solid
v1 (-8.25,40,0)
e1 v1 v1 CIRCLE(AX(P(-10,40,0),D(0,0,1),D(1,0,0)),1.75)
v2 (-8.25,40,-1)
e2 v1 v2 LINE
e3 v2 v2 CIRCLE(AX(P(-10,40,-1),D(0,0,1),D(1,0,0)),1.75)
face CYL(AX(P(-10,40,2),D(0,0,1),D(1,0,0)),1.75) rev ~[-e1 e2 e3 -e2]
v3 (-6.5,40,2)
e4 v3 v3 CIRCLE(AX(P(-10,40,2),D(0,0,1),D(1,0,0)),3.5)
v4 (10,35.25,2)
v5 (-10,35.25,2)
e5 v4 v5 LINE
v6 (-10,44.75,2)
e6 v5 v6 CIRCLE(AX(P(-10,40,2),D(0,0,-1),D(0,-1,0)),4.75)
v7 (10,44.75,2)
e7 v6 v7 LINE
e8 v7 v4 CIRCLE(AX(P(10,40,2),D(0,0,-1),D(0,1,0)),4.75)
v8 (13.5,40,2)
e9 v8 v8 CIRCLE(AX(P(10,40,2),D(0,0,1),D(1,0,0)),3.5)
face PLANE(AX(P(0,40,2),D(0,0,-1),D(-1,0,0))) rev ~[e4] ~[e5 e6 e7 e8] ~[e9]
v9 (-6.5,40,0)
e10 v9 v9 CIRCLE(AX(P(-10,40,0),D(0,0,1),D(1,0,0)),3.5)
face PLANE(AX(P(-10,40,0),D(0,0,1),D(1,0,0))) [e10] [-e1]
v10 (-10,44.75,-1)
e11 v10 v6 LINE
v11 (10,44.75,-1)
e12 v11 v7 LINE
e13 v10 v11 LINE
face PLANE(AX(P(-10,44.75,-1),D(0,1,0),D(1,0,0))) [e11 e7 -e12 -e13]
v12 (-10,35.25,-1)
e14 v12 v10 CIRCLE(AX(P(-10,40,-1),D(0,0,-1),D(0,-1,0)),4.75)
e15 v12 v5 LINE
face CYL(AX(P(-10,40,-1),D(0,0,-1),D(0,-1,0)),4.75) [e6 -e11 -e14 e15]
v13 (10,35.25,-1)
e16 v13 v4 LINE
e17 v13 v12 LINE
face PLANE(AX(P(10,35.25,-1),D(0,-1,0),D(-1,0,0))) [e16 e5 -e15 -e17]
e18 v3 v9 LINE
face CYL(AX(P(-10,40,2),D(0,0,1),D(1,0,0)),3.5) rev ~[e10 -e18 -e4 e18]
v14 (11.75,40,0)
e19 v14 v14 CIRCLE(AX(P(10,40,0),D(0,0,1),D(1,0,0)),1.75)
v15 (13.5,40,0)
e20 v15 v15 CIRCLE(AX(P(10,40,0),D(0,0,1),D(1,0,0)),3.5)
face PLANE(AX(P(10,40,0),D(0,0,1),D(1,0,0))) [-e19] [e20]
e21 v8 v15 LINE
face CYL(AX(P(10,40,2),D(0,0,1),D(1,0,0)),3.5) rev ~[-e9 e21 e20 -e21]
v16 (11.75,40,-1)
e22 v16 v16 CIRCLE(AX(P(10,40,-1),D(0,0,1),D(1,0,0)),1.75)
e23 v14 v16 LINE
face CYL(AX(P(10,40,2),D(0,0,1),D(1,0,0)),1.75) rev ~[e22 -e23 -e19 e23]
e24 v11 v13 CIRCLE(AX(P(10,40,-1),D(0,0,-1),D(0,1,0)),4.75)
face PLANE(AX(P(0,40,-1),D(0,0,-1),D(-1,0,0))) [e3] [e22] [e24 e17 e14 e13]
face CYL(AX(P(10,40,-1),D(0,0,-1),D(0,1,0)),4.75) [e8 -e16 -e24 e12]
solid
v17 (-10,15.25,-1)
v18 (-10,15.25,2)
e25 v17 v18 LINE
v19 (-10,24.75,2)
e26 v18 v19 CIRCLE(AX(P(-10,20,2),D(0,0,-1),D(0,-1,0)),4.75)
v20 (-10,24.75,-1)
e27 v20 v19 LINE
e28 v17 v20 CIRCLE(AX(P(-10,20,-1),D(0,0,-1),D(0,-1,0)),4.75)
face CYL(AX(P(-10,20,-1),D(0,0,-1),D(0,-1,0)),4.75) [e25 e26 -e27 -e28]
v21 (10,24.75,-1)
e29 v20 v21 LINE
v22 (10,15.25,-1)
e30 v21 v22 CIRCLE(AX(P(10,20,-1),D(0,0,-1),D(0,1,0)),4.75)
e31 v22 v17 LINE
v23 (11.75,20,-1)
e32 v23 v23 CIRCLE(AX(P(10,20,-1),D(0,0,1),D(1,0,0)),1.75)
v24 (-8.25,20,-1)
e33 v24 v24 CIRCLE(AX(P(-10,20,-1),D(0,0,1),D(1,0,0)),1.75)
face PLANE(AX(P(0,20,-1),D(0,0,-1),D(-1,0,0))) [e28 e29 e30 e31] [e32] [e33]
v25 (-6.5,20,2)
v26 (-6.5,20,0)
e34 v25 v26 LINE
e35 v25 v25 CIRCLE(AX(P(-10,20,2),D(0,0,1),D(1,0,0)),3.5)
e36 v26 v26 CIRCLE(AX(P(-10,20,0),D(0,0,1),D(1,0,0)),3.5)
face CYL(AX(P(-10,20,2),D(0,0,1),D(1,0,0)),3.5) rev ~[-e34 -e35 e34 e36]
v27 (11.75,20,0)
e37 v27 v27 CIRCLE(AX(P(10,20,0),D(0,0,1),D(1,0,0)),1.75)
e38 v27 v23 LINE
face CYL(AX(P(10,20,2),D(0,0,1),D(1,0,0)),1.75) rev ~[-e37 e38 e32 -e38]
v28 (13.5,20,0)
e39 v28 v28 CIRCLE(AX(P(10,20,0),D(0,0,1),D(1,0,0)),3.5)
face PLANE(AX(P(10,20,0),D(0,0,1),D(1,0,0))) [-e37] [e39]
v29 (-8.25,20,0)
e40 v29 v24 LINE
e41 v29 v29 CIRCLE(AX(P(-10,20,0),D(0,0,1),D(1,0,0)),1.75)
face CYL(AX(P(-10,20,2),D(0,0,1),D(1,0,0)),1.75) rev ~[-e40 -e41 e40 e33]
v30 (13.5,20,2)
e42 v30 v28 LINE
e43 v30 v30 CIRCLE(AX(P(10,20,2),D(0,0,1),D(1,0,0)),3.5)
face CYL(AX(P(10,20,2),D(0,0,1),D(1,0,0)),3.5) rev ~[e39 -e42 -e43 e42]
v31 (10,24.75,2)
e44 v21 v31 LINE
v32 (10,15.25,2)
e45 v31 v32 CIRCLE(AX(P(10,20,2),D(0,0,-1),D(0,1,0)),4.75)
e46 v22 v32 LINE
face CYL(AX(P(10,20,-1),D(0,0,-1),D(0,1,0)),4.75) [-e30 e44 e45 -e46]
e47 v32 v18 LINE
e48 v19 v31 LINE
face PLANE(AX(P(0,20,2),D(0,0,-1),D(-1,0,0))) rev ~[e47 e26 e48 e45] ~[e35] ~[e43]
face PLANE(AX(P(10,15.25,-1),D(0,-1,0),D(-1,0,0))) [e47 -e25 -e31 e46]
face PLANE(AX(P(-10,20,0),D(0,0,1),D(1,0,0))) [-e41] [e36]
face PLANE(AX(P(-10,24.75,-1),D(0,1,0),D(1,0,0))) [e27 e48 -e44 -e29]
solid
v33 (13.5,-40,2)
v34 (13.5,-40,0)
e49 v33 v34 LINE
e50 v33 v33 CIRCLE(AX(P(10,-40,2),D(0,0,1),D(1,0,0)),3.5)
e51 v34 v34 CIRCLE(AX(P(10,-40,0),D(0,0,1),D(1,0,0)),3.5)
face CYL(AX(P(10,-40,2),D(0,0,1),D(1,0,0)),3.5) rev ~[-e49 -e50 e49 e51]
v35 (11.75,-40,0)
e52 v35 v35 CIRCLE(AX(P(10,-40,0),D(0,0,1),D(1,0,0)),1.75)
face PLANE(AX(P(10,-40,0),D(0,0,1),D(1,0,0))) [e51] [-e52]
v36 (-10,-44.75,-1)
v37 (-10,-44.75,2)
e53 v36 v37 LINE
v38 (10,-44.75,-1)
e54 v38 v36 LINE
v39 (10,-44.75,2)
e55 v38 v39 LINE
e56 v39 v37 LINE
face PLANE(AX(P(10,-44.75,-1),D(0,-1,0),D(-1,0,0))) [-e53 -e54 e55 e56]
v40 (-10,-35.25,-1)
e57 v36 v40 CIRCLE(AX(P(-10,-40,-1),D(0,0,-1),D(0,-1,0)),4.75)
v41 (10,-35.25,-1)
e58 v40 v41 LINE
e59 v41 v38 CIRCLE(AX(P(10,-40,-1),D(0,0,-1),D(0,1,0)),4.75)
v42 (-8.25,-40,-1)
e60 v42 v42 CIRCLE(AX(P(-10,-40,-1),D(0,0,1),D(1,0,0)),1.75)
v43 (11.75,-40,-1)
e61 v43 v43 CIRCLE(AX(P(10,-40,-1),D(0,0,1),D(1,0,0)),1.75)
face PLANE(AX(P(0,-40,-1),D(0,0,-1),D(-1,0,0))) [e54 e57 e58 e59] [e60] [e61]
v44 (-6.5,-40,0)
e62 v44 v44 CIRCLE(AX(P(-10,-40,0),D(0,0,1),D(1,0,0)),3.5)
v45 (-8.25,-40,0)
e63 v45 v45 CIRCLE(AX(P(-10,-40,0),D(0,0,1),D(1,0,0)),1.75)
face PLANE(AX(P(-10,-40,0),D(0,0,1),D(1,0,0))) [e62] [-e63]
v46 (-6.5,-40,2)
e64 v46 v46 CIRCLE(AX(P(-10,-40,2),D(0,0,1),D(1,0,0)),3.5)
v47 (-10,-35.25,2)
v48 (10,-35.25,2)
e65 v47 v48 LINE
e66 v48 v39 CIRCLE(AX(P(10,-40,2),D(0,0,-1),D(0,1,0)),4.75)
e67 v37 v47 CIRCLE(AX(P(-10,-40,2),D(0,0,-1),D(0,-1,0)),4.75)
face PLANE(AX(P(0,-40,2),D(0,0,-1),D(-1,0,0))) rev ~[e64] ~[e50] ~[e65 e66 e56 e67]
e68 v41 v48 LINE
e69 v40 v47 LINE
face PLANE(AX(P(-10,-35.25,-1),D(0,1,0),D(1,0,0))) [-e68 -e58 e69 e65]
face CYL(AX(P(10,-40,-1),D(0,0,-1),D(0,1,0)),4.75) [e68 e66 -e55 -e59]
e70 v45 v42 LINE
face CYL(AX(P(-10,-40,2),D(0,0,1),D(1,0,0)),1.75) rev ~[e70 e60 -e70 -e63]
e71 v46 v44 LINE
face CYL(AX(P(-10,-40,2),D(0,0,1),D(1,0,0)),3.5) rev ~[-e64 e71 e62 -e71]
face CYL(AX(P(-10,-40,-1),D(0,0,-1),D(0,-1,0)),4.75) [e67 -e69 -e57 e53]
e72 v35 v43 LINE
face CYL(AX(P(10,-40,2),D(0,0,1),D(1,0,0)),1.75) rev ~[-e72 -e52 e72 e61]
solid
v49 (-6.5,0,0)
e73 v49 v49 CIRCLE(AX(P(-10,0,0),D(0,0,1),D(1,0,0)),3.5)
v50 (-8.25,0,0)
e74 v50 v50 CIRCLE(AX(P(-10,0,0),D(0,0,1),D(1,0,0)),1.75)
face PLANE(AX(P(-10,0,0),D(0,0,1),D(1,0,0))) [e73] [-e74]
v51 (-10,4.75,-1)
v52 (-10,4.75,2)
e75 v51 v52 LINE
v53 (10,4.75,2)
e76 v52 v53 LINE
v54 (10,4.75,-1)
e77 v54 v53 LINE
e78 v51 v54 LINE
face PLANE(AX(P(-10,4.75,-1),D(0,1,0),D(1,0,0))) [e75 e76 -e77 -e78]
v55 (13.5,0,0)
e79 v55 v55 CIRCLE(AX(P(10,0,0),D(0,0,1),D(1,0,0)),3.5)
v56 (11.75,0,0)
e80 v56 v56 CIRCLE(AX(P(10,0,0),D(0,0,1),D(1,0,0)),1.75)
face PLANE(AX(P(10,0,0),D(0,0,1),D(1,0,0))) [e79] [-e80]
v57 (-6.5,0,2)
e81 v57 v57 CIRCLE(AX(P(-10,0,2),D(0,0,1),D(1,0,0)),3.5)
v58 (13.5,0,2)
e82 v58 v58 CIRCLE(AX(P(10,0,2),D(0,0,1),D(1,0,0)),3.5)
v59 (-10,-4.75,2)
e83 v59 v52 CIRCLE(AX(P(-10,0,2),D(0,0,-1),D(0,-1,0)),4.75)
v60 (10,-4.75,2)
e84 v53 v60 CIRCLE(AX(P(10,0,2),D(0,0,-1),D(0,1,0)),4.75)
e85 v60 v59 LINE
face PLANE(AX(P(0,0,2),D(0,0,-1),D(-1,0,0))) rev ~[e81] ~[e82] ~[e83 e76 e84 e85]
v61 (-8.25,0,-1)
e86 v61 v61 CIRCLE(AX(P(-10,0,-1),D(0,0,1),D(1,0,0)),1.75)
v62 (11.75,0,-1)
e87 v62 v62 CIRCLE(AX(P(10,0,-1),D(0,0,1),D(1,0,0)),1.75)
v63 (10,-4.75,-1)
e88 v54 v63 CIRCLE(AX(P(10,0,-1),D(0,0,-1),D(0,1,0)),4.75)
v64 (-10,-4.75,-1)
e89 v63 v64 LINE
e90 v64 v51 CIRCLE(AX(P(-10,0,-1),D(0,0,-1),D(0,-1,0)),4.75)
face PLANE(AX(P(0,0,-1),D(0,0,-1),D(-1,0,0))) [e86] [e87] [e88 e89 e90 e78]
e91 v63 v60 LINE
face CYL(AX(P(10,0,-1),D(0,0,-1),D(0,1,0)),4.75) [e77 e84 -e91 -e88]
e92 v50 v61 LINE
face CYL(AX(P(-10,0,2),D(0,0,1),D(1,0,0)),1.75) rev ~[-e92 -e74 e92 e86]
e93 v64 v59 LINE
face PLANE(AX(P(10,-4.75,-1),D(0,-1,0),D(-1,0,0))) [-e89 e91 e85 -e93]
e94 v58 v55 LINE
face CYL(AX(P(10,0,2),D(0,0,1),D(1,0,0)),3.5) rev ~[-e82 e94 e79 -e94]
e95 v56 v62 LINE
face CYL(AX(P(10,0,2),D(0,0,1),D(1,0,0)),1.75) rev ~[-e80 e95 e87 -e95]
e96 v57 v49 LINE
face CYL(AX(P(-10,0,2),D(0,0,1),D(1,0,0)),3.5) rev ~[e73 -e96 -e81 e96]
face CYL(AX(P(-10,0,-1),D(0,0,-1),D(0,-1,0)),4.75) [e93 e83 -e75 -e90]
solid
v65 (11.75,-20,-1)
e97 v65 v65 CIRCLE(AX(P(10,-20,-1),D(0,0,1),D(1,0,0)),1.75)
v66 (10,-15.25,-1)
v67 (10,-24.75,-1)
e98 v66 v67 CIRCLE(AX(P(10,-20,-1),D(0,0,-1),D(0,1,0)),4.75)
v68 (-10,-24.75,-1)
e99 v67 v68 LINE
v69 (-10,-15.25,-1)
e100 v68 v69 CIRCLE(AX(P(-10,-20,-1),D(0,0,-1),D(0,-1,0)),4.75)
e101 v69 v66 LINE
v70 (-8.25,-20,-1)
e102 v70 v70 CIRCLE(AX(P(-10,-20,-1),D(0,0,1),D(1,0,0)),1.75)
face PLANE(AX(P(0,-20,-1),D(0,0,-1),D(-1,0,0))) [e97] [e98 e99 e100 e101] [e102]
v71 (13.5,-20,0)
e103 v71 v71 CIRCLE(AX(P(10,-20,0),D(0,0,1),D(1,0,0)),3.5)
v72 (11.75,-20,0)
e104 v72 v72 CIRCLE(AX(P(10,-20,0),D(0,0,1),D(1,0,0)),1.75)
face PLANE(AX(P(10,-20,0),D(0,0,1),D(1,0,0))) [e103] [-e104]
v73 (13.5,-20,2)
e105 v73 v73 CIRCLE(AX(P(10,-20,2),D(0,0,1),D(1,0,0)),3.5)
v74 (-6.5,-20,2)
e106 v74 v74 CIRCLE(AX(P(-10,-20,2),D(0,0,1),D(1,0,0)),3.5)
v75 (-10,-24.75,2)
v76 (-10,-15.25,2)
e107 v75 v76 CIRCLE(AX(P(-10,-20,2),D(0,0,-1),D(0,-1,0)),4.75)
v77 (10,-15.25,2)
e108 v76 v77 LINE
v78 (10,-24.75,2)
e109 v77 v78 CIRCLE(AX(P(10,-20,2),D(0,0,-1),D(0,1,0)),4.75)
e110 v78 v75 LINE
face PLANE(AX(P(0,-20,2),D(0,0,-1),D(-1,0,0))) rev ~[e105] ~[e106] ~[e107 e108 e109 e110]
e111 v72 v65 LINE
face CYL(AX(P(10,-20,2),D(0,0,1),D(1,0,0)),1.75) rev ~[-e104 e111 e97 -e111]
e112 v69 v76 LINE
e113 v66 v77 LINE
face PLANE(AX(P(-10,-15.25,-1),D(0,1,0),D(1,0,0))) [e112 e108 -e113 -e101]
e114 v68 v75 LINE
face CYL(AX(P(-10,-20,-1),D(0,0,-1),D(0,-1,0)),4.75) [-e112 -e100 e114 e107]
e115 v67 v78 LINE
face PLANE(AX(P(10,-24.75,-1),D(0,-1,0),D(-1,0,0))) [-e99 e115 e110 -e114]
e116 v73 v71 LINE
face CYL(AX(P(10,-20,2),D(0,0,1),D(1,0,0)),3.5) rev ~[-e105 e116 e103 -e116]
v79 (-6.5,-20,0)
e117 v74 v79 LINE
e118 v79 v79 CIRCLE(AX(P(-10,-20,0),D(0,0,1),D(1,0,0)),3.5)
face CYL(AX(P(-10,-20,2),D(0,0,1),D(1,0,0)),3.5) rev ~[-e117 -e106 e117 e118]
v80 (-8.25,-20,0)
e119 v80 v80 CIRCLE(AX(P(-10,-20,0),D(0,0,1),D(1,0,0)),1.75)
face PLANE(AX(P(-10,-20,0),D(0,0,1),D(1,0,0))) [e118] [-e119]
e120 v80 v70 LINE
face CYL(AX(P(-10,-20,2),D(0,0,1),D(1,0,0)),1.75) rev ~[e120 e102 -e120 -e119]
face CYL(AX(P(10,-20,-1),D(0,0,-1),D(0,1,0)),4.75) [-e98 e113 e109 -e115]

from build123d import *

# Parameters (mm, degrees)
BOSS_EXTRUDE1_DEPTH   = 3
BOSS_EXTRUDE1_2_DEPTH = 3
BOSS_EXTRUDE1_3_DEPTH = 3
BOSS_EXTRUDE1_4_DEPTH = 3
BOSS_EXTRUDE1_5_DEPTH = 3
SKETCH2_R             = 1.75
CUT_EXTRUDE1_DEPTH    = 3
SKETCH3_R             = 3.5
CUT_EXTRUDE2_DEPTH    = 2


with BuildPart() as part:
    # Sketch1 → Boss-Extrude1 (new body)
    with BuildSketch(Plane.XY.offset(-1)):
        with BuildLine():
            Line((10, -4.75), (-10, -4.75))
            ThreePointArc((-10, -4.75), (-14.75, 0), (-10, 4.75))
            Line((-10, 4.75), (10, 4.75))
            ThreePointArc((10, 4.75), (14.75, 0), (10, -4.75))
        make_face()
    extrude(amount=BOSS_EXTRUDE1_DEPTH)


with BuildPart() as body_2:
    # Sketch1 → Boss-Extrude1 2 (new body)
    with BuildSketch(Plane.XY.offset(-1)):
        with BuildLine():
            Line((10, 15.25), (-10, 15.25))
            ThreePointArc((-10, 15.25), (-14.75, 20), (-10, 24.75))
            Line((-10, 24.75), (10, 24.75))
            ThreePointArc((10, 24.75), (14.75, 20), (10, 15.25))
        make_face()
    extrude(amount=BOSS_EXTRUDE1_2_DEPTH)


with BuildPart() as body_3:
    # Sketch1 → Boss-Extrude1 3 (new body)
    with BuildSketch(Plane.XY.offset(-1)):
        with BuildLine():
            Line((10, 35.25), (-10, 35.25))
            ThreePointArc((-10, 35.25), (-14.75, 40), (-10, 44.75))
            Line((-10, 44.75), (10, 44.75))
            ThreePointArc((10, 44.75), (14.75, 40), (10, 35.25))
        make_face()
    extrude(amount=BOSS_EXTRUDE1_3_DEPTH)


with BuildPart() as body_4:
    # Sketch1 → Boss-Extrude1 4 (new body)
    with BuildSketch(Plane.XY.offset(-1)):
        with BuildLine():
            Line((10, -24.75), (-10, -24.75))
            ThreePointArc((-10, -24.75), (-14.75, -20), (-10, -15.25))
            Line((-10, -15.25), (10, -15.25))
            ThreePointArc((10, -15.25), (14.75, -20), (10, -24.75))
        make_face()
    extrude(amount=BOSS_EXTRUDE1_4_DEPTH)


with BuildPart() as body_5:
    # Sketch1 → Boss-Extrude1 5 (new body)
    with BuildSketch(Plane.XY.offset(-1)):
        with BuildLine():
            Line((10, -44.75), (-10, -44.75))
            ThreePointArc((-10, -44.75), (-14.75, -40), (-10, -35.25))
            Line((-10, -35.25), (10, -35.25))
            ThreePointArc((10, -35.25), (14.75, -40), (10, -44.75))
        make_face()
    extrude(amount=BOSS_EXTRUDE1_5_DEPTH)


with BuildPart() as cut_extrude1_tool:
    # Sketch2 → Cut-Extrude1 (new body)
    with BuildSketch(Plane.XY.offset(2)):
        with Locations((-10, 40)):
            Circle(SKETCH2_R)
        with Locations((10, 40)):
            Circle(SKETCH2_R)
        with Locations((-10, 20)):
            Circle(SKETCH2_R)
        with Locations((10, 20)):
            Circle(SKETCH2_R)
        with Locations((-10, 0)):
            Circle(SKETCH2_R)
        with Locations((10, 0)):
            Circle(SKETCH2_R)
        with Locations((-10, -20)):
            Circle(SKETCH2_R)
        with Locations((10, -20)):
            Circle(SKETCH2_R)
        with Locations((-10, -40)):
            Circle(SKETCH2_R)
        with Locations((10, -40)):
            Circle(SKETCH2_R)
    extrude(amount=-CUT_EXTRUDE1_DEPTH)


with BuildPart() as part_1:
    add(part.part)

    # Cut-Extrude1: cut by cut_extrude1_tool
    add(cut_extrude1_tool.part, mode=Mode.SUBTRACT)


with BuildPart() as body_2_1:
    add(body_2.part)

    # Cut-Extrude1: cut by cut_extrude1_tool
    add(cut_extrude1_tool.part, mode=Mode.SUBTRACT)


with BuildPart() as body_3_1:
    add(body_3.part)

    # Cut-Extrude1: cut by cut_extrude1_tool
    add(cut_extrude1_tool.part, mode=Mode.SUBTRACT)


with BuildPart() as body_4_1:
    add(body_4.part)

    # Cut-Extrude1: cut by cut_extrude1_tool
    add(cut_extrude1_tool.part, mode=Mode.SUBTRACT)


with BuildPart() as body_5_1:
    add(body_5.part)

    # Cut-Extrude1: cut by cut_extrude1_tool
    add(cut_extrude1_tool.part, mode=Mode.SUBTRACT)


with BuildPart() as cut_extrude2_tool:
    # Sketch3 → Cut-Extrude2 (new body)
    with BuildSketch(Plane.XY.offset(2)):
        with Locations((-10, 40)):
            Circle(SKETCH3_R)
        with Locations((10, 40)):
            Circle(SKETCH3_R)
        with Locations((-10, 20)):
            Circle(SKETCH3_R)
        with Locations((10, 20)):
            Circle(SKETCH3_R)
        with Locations((-10, 0)):
            Circle(SKETCH3_R)
        with Locations((10, 0)):
            Circle(SKETCH3_R)
        with Locations((-10, -20)):
            Circle(SKETCH3_R)
        with Locations((10, -20)):
            Circle(SKETCH3_R)
        with Locations((-10, -40)):
            Circle(SKETCH3_R)
        with Locations((10, -40)):
            Circle(SKETCH3_R)
    extrude(amount=-CUT_EXTRUDE2_DEPTH)


with BuildPart() as part_2:
    add(part_1.part)

    # Cut-Extrude2: cut by cut_extrude2_tool
    add(cut_extrude2_tool.part, mode=Mode.SUBTRACT)


with BuildPart() as body_2_2:
    add(body_2_1.part)

    # Cut-Extrude2: cut by cut_extrude2_tool
    add(cut_extrude2_tool.part, mode=Mode.SUBTRACT)


with BuildPart() as body_3_2:
    add(body_3_1.part)

    # Cut-Extrude2: cut by cut_extrude2_tool
    add(cut_extrude2_tool.part, mode=Mode.SUBTRACT)


with BuildPart() as body_4_2:
    add(body_4_1.part)

    # Cut-Extrude2: cut by cut_extrude2_tool
    add(cut_extrude2_tool.part, mode=Mode.SUBTRACT)


with BuildPart() as body_5_2:
    add(body_5_1.part)

    # Cut-Extrude2: cut by cut_extrude2_tool
    add(cut_extrude2_tool.part, mode=Mode.SUBTRACT)


solid = Compound([part_2.part, body_2_2.part, body_3_2.part, body_4_2.part, body_5_2.part])
